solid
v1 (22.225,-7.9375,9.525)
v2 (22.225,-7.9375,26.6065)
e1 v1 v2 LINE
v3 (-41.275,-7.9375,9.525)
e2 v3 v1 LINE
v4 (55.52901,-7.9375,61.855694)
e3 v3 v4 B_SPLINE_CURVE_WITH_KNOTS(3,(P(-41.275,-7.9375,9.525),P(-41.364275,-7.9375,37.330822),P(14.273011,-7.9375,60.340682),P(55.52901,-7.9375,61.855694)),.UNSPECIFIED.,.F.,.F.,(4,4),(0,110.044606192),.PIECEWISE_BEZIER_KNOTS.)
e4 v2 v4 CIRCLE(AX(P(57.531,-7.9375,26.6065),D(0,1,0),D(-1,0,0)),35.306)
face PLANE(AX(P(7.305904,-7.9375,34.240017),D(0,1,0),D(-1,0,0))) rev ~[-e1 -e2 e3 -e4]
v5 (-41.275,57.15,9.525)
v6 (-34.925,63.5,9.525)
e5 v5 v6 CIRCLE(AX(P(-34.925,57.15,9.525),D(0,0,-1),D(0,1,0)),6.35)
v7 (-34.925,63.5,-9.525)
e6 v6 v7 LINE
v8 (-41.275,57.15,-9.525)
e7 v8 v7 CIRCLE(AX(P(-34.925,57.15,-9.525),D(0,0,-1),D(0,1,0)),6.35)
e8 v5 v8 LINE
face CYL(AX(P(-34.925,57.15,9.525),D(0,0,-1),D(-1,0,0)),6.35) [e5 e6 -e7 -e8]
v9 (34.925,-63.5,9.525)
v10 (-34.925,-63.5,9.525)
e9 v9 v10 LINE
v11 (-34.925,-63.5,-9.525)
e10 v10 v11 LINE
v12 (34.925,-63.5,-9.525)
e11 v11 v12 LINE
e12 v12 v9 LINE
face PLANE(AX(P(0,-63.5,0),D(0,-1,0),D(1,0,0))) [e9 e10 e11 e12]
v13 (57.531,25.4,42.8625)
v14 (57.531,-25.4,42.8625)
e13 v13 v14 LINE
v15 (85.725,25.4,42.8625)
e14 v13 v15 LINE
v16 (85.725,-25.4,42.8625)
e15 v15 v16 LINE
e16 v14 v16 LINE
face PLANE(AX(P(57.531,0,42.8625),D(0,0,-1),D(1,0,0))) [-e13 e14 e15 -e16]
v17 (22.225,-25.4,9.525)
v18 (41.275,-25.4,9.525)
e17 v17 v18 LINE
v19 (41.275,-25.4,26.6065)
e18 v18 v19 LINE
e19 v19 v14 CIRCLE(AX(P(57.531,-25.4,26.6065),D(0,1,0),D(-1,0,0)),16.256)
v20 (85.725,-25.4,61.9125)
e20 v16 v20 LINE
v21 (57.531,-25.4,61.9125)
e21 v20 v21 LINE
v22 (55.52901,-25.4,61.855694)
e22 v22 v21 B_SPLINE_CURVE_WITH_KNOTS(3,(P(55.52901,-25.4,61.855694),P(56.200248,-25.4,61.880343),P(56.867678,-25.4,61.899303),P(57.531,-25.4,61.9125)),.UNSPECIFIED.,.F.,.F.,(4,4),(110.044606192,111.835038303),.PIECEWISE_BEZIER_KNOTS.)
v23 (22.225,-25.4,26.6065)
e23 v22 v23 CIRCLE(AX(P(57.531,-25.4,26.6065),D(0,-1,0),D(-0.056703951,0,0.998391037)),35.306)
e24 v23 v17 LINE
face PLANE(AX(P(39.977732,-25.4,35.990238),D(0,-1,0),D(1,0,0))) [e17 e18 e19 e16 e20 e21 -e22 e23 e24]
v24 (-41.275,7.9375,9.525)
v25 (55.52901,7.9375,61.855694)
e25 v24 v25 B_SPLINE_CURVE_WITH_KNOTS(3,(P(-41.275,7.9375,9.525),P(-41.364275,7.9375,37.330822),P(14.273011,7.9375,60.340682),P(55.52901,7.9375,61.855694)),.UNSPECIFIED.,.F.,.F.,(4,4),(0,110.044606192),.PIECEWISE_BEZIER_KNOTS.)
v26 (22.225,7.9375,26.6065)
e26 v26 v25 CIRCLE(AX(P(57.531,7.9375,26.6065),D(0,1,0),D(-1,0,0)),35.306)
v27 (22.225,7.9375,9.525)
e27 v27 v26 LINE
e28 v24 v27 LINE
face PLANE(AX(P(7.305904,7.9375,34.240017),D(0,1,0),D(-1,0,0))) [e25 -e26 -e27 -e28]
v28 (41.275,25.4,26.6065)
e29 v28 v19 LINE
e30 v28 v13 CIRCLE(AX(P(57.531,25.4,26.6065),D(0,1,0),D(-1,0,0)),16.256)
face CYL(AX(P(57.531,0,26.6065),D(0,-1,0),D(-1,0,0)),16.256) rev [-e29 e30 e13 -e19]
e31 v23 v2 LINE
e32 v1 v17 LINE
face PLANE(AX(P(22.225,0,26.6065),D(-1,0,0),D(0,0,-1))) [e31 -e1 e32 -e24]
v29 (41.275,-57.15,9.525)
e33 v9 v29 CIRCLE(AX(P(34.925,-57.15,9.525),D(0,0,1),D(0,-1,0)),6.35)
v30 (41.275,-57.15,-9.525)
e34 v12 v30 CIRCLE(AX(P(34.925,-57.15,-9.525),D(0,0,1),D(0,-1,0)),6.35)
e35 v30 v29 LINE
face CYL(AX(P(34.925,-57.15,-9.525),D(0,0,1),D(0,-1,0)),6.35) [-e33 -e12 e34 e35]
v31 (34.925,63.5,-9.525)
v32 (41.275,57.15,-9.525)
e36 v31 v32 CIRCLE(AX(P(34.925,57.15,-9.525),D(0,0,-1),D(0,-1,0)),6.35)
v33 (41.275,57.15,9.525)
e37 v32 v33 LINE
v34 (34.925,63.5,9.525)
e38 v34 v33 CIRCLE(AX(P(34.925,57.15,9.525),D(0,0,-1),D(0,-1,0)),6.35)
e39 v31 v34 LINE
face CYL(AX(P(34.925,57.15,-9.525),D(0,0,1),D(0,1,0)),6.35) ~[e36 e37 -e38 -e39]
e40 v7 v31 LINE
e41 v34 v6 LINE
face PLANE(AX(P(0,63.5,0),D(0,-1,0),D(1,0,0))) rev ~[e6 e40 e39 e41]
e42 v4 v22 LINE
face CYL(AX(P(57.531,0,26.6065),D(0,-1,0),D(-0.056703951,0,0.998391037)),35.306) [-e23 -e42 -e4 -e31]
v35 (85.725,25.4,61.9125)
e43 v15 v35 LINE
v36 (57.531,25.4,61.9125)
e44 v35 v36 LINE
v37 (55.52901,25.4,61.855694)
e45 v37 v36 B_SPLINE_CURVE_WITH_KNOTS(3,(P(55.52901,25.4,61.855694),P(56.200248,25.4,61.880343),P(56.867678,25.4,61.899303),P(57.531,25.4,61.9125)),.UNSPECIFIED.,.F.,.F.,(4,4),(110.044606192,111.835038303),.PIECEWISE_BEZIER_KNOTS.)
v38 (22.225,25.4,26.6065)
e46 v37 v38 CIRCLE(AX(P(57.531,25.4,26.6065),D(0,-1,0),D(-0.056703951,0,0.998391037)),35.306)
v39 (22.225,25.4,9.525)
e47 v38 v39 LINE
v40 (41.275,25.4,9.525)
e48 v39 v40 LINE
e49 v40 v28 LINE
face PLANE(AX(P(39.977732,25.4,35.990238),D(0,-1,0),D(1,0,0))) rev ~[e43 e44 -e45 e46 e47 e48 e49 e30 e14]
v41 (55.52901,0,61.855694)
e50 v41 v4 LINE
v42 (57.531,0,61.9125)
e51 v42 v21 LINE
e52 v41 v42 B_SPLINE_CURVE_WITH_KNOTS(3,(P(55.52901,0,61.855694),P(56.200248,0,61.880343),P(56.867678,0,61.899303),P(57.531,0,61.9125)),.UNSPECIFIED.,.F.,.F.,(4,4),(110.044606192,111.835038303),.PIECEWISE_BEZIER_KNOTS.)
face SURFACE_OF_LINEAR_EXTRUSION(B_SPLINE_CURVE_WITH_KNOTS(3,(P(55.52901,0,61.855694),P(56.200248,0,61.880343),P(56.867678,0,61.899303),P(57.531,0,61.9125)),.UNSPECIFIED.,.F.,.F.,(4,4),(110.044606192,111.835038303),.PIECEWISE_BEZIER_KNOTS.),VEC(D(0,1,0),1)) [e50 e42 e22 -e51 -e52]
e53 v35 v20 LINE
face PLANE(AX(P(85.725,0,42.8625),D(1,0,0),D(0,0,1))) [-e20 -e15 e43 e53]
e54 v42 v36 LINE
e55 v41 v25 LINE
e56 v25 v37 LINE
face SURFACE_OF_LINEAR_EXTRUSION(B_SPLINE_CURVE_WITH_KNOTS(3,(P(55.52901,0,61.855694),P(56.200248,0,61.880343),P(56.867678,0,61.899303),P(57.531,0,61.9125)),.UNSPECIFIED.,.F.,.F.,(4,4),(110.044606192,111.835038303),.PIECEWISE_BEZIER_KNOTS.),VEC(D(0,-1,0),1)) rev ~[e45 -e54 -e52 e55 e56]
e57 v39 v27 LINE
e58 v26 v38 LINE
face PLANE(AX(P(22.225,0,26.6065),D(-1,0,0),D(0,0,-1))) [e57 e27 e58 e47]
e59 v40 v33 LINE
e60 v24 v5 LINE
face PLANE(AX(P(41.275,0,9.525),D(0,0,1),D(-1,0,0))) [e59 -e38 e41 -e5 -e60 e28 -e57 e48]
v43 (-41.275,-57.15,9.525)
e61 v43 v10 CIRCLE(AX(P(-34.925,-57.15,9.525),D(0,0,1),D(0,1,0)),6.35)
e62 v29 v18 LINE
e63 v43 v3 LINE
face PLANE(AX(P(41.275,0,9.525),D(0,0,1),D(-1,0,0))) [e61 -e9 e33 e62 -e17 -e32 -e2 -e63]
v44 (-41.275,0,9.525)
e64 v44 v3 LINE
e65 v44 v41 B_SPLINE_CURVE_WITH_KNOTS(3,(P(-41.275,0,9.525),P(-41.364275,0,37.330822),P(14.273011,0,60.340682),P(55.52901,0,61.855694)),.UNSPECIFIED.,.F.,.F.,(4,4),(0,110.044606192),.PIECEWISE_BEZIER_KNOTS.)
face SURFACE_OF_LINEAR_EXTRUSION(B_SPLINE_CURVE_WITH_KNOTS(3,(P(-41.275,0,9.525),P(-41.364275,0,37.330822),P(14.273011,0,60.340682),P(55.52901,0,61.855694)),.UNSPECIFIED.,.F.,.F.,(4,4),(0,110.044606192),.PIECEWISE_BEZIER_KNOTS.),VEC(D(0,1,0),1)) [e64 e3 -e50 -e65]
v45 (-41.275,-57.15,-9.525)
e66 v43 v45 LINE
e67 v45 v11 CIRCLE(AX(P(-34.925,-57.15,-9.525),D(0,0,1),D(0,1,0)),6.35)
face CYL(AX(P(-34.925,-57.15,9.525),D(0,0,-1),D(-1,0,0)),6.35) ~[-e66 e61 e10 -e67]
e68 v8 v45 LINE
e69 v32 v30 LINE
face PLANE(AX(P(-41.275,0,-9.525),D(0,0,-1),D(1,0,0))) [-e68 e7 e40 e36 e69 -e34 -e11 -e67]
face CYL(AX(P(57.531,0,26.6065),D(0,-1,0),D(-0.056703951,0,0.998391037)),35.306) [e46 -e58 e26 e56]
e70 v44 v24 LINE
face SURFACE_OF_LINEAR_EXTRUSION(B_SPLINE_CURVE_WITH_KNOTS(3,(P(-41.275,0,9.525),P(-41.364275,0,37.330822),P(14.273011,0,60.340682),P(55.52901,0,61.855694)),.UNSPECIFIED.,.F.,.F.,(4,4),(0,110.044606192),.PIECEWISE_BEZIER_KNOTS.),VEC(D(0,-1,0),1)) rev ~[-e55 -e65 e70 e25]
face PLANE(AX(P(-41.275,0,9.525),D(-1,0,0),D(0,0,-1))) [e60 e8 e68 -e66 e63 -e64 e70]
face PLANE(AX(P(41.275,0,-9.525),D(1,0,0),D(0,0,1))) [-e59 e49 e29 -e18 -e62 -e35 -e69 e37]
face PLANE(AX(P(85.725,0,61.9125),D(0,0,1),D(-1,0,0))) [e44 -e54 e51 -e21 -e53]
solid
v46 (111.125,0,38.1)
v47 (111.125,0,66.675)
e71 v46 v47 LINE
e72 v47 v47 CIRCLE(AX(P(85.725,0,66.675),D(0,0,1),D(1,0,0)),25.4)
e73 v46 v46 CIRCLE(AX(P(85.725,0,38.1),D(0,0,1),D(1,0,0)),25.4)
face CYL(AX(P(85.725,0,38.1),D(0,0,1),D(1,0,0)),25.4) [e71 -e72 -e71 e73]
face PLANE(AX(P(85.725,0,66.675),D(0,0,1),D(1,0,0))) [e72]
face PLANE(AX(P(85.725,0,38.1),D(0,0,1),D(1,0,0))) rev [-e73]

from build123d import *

# Parameters (mm, degrees)
F1_DEPTH = 63.5
F0_W     = 25.4
F0_H     = 19.05
F2_DEPTH = 25.4
F3_DEPTH = 7.9375
F5_R     = 6.35


with BuildPart() as f1:
    # F0 (on Front) → F1 (new body, symmetric)
    with BuildSketch(Plane.XZ):
        Polygon((22.225, 9.525), (-41.275, 9.525), (-41.275, -9.525), (41.275, -9.525), (41.275, 9.525), align=None)
    extrude(amount=F1_DEPTH, both=True)

    # F0 (on Front) → F2 (join, symmetric)
    with BuildSketch(Plane.XZ):
        with BuildLine():
            Line((22.225, 26.6065), (22.225, 9.525))
            Line((22.225, 9.525), (41.275, 9.525))
            Line((41.275, 9.525), (41.275, 26.6065))
            ThreePointArc((41.275, 26.6065), (46.036272165, 38.101227835), (57.531, 42.8625))
            Line((57.531, 42.8625), (60.325, 42.8625))
            Line((60.325, 42.8625), (60.325, 61.9125))
            Line((60.325, 61.9125), (57.531, 61.9125))
            add(Edge.make_bspline(
                [(55.5290103021, 61.8556939376), (56.2002477906, 61.8803432694), (56.8676783397, 61.8993025972), (57.531, 61.9125)],
                knots=[110.0446061919, 110.0446061919, 110.0446061919, 110.0446061919, 111.8350383031, 111.8350383031, 111.8350383031, 111.8350383031], degree=3))
            ThreePointArc((55.5290103021, 61.8556939376), (31.8678368641, 50.8534728804), (22.225, 26.6065))
        make_face()
        with Locations((73.025, 52.3875)):
            Rectangle(F0_W, F0_H)
    extrude(amount=F2_DEPTH, both=True)

    # F0 (on Front) → F3 (join, symmetric)
    with BuildSketch(Plane.XZ):
        with BuildLine():
            add(Edge.make_bspline(
                [(-41.275, 9.525), (-41.3642752685, 37.3308218057), (14.273011468, 60.340682003), (55.5290103021, 61.8556939376)],
                knots=[0, 0, 0, 0, 110.0446061919, 110.0446061919, 110.0446061919, 110.0446061919], degree=3))
            Line((-41.275, 9.525), (22.225, 9.525))
            Line((22.225, 9.525), (22.225, 26.6065))
            ThreePointArc((22.225, 26.6065), (31.8678368641, 50.8534728804), (55.5290103021, 61.8556939376))
        make_face()
    extrude(amount=F3_DEPTH, both=True)

    # F5
    f5_edges = [f1.edges().sort_by_distance(p)[0] for p in [
        (-41.275, -63.5, 0),
        (41.275, -63.5, 0),
        (41.275, 63.5, 0),
        (-41.275, 63.5, 0),
    ]]
    fillet(f5_edges, radius=F5_R)


with BuildPart() as f4:
    # F0 (on Front) → F4 (revolve)
    with BuildSketch(Plane.XZ):
        Polygon((85.725, 66.675), (85.725, 61.9125), (85.725, 42.8625), (85.725, 38.1), (111.125, 38.1), (111.125, 66.675), align=None)
    revolve(axis=Axis((85.725, 0, 52.3875), (0, 0, 1)))


solid = Compound([f1.part, f4.part])
